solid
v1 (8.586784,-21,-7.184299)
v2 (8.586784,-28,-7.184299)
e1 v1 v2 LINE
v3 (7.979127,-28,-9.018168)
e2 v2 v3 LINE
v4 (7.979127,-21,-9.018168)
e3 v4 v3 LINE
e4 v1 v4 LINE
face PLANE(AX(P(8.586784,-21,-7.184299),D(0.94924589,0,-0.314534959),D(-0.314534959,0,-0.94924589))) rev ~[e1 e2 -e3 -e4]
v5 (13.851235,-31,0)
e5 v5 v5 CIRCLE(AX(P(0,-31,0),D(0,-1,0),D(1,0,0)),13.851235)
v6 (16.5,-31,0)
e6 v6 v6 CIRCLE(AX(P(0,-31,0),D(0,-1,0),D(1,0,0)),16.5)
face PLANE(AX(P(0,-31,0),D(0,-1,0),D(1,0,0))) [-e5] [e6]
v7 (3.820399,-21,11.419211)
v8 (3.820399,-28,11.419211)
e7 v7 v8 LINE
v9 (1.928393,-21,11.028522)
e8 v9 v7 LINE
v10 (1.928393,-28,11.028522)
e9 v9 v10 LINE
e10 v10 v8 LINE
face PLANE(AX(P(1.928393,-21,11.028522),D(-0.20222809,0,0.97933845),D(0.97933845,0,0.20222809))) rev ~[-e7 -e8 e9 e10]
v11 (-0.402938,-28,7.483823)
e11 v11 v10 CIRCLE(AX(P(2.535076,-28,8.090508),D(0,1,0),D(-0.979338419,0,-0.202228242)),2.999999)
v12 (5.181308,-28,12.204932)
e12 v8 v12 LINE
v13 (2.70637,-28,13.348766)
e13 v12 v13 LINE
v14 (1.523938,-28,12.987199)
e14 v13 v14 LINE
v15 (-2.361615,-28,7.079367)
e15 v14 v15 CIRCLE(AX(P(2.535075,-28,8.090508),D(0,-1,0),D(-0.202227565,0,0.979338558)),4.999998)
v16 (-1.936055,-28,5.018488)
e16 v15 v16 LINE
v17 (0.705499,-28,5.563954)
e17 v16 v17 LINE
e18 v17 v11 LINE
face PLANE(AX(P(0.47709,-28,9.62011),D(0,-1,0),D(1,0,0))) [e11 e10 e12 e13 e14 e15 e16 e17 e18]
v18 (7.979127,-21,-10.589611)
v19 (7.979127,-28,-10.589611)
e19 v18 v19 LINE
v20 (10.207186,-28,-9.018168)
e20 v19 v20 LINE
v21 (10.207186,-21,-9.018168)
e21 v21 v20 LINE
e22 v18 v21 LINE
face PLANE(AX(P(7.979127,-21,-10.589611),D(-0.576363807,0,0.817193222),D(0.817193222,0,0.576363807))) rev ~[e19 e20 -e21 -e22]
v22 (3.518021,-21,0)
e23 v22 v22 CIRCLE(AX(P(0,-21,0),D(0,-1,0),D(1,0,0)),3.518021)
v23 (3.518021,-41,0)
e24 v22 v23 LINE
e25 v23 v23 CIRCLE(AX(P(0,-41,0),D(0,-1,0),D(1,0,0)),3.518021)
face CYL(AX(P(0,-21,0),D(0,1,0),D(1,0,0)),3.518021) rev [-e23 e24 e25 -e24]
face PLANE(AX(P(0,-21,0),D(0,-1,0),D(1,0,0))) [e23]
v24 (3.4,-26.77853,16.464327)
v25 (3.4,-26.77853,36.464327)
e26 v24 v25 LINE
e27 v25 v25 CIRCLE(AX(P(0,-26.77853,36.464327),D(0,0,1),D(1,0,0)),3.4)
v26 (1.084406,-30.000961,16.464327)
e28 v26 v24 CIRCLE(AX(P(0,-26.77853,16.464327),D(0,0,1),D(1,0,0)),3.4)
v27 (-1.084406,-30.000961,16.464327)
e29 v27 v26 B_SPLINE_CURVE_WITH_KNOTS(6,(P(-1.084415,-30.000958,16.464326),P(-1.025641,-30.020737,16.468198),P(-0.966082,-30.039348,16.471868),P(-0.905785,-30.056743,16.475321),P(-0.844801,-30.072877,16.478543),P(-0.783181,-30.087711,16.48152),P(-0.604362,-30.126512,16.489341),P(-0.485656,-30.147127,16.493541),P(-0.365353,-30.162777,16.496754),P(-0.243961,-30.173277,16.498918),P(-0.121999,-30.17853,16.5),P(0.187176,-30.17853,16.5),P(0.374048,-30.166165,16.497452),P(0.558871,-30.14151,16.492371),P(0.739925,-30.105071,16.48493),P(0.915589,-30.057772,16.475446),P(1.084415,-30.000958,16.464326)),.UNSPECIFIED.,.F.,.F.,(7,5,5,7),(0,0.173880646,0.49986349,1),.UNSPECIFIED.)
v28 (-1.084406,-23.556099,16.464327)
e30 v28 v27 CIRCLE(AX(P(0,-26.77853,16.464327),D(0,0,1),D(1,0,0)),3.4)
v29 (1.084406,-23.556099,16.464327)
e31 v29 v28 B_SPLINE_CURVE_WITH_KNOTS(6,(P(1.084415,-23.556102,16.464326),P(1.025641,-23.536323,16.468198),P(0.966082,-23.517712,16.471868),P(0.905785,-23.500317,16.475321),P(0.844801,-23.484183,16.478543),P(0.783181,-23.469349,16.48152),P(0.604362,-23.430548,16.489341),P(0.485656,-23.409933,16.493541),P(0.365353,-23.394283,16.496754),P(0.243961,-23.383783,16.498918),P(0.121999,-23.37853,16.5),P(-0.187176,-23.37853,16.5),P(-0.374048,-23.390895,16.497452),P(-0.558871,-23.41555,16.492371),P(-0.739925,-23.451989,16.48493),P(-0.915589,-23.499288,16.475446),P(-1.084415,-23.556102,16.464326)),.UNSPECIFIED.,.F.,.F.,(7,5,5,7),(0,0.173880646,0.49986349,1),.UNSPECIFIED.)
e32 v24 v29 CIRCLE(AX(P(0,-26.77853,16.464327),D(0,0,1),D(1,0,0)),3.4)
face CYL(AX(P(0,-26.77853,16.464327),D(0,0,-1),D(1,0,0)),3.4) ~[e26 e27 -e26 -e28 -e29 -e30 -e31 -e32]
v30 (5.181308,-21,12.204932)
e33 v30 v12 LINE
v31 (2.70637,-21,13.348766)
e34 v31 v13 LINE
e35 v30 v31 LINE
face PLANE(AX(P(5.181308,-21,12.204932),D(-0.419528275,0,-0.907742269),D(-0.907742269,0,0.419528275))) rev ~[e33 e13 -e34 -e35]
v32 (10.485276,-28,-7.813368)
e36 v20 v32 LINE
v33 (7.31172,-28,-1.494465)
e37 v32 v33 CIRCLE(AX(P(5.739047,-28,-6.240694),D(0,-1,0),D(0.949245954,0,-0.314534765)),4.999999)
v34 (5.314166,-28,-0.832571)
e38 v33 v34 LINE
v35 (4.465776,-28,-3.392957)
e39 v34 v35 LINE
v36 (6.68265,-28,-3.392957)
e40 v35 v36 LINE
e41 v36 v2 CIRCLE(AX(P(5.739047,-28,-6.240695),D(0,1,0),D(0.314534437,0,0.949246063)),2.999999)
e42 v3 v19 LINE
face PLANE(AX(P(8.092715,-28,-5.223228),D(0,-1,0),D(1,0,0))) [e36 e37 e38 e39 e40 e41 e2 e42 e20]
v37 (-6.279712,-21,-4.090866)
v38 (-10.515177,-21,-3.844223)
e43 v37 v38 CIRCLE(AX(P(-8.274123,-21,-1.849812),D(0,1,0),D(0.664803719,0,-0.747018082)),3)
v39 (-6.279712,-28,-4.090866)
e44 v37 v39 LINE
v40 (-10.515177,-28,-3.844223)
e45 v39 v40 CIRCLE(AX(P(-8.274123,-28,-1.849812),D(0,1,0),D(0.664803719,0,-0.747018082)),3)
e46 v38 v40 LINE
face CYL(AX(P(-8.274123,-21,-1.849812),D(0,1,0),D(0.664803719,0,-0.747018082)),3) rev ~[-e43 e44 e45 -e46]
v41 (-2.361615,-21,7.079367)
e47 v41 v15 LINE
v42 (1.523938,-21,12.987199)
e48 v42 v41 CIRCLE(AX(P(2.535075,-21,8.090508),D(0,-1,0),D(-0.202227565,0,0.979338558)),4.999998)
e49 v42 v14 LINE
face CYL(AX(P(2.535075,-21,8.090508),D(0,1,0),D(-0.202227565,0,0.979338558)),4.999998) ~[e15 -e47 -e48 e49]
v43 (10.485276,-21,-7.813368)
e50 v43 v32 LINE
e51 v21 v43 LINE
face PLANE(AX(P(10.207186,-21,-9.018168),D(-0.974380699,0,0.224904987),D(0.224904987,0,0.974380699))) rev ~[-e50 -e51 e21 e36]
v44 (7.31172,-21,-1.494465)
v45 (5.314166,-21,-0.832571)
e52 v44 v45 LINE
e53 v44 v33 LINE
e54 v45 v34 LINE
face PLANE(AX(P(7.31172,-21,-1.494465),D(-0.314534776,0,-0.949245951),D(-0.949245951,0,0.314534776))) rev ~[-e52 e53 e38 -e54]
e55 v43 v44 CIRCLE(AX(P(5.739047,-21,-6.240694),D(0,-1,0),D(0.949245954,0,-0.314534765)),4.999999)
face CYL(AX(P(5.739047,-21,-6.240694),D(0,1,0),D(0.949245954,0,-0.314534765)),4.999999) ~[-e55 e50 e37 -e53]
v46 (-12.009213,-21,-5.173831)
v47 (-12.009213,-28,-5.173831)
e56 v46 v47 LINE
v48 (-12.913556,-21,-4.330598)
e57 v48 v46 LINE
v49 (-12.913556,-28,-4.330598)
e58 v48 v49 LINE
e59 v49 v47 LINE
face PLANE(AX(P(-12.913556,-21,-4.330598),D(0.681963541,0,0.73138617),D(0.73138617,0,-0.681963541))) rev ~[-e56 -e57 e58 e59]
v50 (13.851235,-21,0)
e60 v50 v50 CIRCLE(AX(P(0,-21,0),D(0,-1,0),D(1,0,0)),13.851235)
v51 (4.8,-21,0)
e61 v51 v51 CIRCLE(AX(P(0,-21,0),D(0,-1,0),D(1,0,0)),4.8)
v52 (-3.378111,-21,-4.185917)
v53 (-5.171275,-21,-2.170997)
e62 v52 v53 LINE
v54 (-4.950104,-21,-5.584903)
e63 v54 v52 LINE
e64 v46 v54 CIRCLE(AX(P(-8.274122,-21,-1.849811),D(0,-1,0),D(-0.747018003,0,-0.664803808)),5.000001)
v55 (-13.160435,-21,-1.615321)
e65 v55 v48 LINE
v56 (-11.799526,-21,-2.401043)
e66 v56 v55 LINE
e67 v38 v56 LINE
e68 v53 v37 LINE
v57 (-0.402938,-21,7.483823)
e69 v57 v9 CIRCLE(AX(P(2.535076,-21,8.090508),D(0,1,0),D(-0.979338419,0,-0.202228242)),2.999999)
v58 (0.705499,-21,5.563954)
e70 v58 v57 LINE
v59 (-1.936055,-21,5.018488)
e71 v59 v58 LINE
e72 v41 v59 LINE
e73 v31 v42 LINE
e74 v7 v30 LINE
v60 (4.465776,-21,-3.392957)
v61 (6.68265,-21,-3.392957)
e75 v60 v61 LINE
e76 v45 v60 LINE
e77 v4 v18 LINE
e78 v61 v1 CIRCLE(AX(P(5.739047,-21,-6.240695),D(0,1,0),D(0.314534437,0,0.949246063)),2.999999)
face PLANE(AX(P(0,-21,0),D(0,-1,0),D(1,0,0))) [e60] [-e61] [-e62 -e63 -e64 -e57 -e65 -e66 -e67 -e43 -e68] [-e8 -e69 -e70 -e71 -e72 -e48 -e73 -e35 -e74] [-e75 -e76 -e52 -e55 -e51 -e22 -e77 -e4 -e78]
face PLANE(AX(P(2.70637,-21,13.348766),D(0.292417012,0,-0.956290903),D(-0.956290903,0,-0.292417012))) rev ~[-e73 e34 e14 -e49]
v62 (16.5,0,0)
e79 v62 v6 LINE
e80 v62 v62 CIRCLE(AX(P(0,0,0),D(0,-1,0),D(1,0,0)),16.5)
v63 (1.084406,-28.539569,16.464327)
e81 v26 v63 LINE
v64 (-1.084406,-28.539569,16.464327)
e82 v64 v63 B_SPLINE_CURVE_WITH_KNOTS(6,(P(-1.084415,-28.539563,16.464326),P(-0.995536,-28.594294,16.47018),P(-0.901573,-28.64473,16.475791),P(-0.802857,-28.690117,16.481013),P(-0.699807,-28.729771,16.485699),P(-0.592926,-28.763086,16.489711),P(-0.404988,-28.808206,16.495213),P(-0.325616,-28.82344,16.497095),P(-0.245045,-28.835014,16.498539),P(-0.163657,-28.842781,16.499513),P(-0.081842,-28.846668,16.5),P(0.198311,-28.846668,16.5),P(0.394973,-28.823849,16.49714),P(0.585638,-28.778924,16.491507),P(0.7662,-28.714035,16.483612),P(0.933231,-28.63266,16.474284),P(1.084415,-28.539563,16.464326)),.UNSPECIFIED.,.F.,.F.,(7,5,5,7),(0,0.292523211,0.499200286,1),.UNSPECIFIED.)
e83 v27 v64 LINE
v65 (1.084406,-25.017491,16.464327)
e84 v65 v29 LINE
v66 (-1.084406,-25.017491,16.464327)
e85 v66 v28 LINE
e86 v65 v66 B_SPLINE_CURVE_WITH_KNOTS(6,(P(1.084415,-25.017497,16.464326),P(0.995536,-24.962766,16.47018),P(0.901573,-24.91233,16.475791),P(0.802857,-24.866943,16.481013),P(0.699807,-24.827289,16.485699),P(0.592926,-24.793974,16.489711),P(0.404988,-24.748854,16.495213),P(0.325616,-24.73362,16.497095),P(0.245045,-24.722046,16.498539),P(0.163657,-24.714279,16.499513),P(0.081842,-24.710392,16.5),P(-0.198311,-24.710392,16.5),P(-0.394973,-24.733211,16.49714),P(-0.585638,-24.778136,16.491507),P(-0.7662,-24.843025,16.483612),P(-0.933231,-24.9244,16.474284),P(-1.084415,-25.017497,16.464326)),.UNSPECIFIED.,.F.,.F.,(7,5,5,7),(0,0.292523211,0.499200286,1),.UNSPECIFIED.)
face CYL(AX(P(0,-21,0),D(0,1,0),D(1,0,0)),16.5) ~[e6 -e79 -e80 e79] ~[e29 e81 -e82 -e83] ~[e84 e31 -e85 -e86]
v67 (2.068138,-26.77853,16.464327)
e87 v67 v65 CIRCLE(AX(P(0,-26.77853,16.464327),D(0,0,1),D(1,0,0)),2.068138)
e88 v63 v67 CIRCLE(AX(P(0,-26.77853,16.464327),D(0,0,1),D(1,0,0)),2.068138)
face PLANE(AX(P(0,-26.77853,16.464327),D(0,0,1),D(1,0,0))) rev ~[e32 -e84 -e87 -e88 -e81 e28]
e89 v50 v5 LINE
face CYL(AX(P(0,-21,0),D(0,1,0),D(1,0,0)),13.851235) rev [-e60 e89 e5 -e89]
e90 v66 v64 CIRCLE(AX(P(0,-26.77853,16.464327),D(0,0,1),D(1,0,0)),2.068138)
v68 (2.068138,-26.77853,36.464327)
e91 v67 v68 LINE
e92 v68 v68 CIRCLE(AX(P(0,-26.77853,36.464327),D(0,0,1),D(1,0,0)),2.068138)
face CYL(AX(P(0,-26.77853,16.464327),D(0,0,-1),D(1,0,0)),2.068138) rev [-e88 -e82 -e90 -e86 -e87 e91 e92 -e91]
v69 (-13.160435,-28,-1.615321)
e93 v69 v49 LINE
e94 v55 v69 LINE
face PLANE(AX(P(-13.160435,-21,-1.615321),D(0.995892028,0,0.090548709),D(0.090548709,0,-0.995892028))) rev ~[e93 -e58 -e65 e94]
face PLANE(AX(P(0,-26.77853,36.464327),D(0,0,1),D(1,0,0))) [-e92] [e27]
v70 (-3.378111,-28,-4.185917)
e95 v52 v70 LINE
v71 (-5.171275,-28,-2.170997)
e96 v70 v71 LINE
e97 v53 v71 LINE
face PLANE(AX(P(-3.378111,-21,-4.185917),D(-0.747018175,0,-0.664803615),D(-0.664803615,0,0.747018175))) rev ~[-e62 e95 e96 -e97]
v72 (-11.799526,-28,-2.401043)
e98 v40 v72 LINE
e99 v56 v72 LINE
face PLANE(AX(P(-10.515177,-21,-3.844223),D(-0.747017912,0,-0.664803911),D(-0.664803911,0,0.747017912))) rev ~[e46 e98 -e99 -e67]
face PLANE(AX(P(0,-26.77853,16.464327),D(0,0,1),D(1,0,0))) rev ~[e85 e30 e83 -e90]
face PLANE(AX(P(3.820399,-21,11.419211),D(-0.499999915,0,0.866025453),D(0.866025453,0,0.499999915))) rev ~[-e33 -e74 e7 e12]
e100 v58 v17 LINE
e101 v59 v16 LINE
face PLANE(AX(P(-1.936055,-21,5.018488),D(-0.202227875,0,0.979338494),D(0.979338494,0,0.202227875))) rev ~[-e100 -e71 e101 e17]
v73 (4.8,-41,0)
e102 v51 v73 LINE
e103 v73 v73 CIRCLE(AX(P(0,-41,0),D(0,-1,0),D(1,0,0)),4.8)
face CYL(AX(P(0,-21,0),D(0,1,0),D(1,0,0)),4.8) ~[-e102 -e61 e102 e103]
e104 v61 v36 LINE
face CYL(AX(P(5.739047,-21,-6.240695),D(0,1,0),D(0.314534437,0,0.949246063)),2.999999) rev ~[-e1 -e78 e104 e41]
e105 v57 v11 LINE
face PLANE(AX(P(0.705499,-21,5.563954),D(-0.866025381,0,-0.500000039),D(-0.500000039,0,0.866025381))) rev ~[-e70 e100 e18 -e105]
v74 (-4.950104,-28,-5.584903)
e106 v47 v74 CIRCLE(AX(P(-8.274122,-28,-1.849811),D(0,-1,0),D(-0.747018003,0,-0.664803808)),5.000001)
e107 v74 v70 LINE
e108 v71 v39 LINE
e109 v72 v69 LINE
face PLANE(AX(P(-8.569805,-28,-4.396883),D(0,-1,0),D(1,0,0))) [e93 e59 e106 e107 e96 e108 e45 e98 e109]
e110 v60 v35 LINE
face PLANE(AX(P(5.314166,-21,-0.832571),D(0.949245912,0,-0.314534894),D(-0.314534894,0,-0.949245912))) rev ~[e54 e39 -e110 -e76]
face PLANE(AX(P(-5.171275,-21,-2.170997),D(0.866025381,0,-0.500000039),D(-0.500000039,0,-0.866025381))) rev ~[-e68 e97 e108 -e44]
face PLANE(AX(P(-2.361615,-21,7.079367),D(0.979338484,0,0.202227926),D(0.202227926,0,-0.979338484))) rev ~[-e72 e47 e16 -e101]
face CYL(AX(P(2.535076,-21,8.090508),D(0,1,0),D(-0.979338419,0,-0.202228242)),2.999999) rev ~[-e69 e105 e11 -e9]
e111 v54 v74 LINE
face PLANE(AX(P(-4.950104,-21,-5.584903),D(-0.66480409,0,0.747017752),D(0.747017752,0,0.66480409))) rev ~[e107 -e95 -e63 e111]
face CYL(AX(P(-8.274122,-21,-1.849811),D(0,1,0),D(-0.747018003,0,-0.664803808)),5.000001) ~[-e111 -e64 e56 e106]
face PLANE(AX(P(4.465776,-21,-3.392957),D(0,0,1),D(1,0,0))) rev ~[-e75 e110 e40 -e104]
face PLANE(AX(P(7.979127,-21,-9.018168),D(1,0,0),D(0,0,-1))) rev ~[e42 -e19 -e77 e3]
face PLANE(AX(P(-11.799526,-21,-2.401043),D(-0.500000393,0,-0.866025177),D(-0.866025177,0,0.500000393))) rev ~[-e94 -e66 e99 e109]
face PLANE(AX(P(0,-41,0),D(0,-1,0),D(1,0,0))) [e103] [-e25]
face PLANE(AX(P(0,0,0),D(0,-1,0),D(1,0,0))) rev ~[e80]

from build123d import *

# Parameters (mm, degrees)
F0_R      = 16.5
F1_DEPTH  = 21
F2_R      = 16.5
F2_R_2    = 13.851235
F3_DEPTH  = 10
F4_R      = 4.8
F4_R_2    = 3.518021
F5_DEPTH  = 20
F7_DEPTH  = 7
F10_R     = 3.4
F10_R_2   = 2.068138
F11_DEPTH = 20


with BuildPart() as f1:
    # F0 (on Front) → F1 (new body)
    with BuildSketch(Plane.XZ):
        Circle(F0_R)
    extrude(amount=F1_DEPTH)

    # F2 (on face) → F3 (join)
    with BuildSketch(Plane.XZ.offset(21)):
        Circle(F2_R)
        Circle(F2_R_2, mode=Mode.SUBTRACT)
    extrude(amount=F3_DEPTH)

    # F4 (on face) → F5 (join)
    with BuildSketch(Plane.XZ.offset(21)):
        Circle(F4_R)
        Circle(F4_R_2, mode=Mode.SUBTRACT)
    extrude(amount=F5_DEPTH)

    # F6 (on face) → F7 (join)
    with BuildSketch(Plane.XZ.offset(21)):
        with BuildLine():
            Line((10.207186, -9.018168), (10.485276, -7.813368))
            ThreePointArc((10.485276, -7.813368), (10.207186, -3.996652), (7.31172, -1.494465))
            Line((7.31172, -1.494465), (5.314166, -0.832571))
            Line((5.314166, -0.832571), (4.465776, -3.392957))
            Line((4.465776, -3.392957), (6.68265, -3.392957))
            ThreePointArc((6.68265, -3.392957), (8.41993, -4.894269), (8.586784, -7.184299))
            Line((8.586784, -7.184299), (7.979127, -9.018168))
            Line((7.979127, -9.018168), (7.979127, -10.589611))
            Line((7.979127, -10.589611), (10.207186, -9.018168))
        make_face()
        with BuildLine():
            ThreePointArc((1.523938, 12.987199), (-1.642391, 10.838008), (-2.361615, 7.079367))
            Line((-2.361615, 7.079367), (-1.936055, 5.018488))
            Line((-1.936055, 5.018488), (0.705499, 5.563954))
            Line((0.705499, 5.563954), (-0.402938, 7.483823))
            ThreePointArc((-0.402938, 7.483823), (0.028596, 9.739007), (1.928393, 11.028522))
            Line((1.928393, 11.028522), (3.820399, 11.419211))
            Line((3.820399, 11.419211), (5.181308, 12.204932))
            Line((5.181308, 12.204932), (2.70637, 13.348766))
            Line((2.70637, 13.348766), (1.523938, 12.987199))
        make_face()
        with BuildLine():
            ThreePointArc((-12.009213, -5.173831), (-8.564795, -6.841356), (-4.950104, -5.584903))
            Line((-4.950104, -5.584903), (-3.378111, -4.185917))
            Line((-3.378111, -4.185917), (-5.171275, -2.170997))
            Line((-5.171275, -2.170997), (-6.279712, -4.090866))
            ThreePointArc((-6.279712, -4.090866), (-8.448526, -4.844738), (-10.515177, -3.844223))
            Line((-10.515177, -3.844223), (-11.799526, -2.401043))
            Line((-11.799526, -2.401043), (-13.160435, -1.615321))
            Line((-13.160435, -1.615321), (-12.913556, -4.330598))
            Line((-12.913556, -4.330598), (-12.009213, -5.173831))
        make_face()
    extrude(amount=F7_DEPTH)

    # F10 (on plane+point) → F11 (join)
    with BuildSketch(Plane.XY.offset(16.464327)):
        with Locations((0, -26.77853)):
            Circle(F10_R)
        with Locations((0, -26.77853)):
            Circle(F10_R_2, mode=Mode.SUBTRACT)
    extrude(amount=F11_DEPTH)


solid = f1.part
